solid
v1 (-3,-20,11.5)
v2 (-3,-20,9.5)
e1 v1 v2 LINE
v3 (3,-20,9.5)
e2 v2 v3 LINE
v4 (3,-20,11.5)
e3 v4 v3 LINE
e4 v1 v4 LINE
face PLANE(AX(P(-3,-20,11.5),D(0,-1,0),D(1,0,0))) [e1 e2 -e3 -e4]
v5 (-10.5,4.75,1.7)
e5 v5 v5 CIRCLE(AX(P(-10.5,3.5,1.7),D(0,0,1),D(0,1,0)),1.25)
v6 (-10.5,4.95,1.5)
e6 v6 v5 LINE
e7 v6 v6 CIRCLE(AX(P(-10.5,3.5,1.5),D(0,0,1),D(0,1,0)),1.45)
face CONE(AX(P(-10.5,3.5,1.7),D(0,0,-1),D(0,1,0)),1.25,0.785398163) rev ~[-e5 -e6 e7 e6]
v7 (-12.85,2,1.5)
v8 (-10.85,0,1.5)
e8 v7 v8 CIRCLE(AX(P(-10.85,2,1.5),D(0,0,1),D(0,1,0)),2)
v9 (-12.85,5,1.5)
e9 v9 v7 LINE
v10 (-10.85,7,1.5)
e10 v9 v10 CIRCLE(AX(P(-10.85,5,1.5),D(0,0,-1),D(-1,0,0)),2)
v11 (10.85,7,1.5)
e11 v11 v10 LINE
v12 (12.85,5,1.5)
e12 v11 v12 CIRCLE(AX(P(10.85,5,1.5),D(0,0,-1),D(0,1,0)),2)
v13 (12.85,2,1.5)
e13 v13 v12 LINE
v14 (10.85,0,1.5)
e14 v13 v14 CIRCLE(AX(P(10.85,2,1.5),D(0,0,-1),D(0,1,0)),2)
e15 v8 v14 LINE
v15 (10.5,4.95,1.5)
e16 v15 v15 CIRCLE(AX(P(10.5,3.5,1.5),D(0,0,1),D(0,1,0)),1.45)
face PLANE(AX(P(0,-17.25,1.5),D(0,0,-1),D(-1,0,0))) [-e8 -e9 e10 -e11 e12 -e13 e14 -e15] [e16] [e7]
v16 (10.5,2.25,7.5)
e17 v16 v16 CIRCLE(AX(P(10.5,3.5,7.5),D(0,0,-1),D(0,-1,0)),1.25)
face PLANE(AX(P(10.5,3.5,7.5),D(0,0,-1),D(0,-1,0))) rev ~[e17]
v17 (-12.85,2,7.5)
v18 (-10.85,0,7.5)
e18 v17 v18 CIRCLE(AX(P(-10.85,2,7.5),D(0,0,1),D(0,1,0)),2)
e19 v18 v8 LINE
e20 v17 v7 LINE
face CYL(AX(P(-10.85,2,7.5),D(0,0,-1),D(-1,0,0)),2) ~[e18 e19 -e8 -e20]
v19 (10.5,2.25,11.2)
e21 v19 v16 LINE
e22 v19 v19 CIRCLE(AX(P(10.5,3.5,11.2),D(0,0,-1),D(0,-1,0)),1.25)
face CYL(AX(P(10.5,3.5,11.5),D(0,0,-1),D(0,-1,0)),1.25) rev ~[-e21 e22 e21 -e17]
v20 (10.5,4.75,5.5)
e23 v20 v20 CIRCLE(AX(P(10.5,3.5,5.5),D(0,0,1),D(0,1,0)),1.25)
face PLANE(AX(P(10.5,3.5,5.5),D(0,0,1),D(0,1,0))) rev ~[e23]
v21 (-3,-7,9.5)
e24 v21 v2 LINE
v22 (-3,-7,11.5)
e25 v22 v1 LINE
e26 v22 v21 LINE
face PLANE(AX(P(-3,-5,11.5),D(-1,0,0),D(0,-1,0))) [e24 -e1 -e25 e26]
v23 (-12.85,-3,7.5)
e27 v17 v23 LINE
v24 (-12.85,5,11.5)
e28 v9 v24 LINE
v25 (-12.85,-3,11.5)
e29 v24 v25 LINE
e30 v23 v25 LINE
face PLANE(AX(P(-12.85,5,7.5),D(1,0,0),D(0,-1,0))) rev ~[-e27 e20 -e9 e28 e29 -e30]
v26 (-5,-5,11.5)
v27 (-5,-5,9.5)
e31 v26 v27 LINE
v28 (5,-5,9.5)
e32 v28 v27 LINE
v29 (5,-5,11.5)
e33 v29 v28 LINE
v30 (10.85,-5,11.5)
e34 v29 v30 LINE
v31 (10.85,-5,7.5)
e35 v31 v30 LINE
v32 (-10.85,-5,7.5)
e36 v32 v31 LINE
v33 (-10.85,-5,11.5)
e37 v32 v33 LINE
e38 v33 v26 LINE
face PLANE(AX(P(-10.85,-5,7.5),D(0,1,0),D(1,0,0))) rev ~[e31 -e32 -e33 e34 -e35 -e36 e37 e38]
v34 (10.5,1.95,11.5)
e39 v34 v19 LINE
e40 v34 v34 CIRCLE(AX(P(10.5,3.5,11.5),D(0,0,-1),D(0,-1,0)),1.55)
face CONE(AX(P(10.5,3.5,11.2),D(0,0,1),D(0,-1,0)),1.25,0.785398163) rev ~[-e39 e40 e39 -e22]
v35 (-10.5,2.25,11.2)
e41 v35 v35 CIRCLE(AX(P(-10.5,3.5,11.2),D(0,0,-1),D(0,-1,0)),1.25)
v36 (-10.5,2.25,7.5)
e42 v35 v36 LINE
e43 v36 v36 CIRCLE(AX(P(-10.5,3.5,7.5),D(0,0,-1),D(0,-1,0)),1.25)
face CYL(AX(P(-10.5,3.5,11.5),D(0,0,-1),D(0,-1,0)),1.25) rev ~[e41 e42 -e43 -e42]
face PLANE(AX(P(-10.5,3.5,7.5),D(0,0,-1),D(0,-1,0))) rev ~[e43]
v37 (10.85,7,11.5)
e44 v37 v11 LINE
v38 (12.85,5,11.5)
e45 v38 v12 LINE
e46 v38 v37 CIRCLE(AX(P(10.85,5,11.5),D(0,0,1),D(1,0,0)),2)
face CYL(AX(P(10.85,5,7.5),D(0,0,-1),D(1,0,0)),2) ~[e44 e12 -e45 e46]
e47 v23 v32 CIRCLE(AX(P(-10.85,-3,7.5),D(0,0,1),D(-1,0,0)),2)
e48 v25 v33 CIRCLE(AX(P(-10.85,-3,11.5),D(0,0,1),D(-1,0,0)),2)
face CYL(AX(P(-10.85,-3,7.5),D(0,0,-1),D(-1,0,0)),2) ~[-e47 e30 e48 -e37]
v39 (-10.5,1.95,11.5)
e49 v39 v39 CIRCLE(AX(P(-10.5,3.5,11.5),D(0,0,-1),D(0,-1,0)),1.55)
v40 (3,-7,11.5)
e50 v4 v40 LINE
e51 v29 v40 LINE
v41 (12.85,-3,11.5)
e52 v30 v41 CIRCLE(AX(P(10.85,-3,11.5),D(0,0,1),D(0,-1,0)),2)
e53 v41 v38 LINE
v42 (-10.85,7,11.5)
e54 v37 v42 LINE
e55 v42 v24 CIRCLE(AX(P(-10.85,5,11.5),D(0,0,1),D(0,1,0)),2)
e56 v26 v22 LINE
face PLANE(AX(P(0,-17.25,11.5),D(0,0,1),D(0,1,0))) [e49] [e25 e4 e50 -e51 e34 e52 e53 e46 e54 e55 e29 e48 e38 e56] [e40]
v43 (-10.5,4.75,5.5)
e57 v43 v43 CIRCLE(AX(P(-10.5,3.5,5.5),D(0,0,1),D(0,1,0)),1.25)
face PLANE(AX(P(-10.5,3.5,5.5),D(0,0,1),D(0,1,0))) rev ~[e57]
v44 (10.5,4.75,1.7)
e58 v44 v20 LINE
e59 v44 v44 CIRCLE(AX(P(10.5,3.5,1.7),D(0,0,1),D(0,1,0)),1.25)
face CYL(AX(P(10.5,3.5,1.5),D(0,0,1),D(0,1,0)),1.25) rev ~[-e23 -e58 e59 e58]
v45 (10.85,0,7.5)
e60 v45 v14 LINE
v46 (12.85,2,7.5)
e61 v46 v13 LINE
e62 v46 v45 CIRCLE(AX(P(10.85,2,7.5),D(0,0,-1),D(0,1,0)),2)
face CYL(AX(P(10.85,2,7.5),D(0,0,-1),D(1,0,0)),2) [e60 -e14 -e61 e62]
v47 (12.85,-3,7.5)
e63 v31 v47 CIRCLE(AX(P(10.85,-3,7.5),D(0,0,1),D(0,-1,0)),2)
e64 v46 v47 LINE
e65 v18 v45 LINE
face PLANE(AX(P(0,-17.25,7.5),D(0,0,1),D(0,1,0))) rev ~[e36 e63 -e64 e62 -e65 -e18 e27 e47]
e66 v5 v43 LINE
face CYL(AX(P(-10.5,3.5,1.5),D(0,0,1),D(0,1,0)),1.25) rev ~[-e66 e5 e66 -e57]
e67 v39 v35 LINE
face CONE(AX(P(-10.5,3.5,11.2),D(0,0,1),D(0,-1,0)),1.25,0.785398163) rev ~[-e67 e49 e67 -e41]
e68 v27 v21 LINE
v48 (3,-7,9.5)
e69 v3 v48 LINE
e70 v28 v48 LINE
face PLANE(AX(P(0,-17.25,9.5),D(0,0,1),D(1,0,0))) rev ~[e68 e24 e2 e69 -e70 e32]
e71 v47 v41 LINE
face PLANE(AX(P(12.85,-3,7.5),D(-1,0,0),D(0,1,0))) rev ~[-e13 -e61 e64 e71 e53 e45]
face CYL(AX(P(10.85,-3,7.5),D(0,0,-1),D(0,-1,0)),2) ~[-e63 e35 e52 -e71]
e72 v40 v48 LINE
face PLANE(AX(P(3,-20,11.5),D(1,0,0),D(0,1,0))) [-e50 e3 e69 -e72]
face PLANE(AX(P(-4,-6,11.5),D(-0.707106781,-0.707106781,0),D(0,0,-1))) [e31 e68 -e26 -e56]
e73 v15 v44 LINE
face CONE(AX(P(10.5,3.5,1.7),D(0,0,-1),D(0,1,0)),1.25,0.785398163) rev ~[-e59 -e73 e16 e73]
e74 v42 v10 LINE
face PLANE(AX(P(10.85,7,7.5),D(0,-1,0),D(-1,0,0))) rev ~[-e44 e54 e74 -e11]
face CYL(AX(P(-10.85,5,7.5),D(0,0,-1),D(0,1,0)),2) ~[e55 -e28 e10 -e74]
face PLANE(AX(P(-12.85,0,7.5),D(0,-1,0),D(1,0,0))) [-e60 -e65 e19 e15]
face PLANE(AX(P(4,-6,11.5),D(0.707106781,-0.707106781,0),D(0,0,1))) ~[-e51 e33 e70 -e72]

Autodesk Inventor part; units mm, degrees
ref_plane "YZ Plane" through (0, 0, 0) normal (1, 0, 0) x (0, 1, 0)
ref_plane "XZ Plane" through (0, 0, 0) normal (0, 1, 0) x (-1, 0, 0)
ref_plane "РабПлоскость1" through (0, -17.25, 7.5) normal (0, 0, 1) x (0, 1, 0)
sketch "Эскиз1" plane through (0, -17.25, 7.5) normal (0, 0, 1) x (0, 1, 0)
  line L0 (17.25, 0) -> (-17.1875, 0) construction
  line L1 (17.25, 10.35) -> (17.25, -10.35) construction
  line L2 (22.25, 12.85) -> (14.25, 12.85)
  line L3 (12.25, 10.85) -> (12.25, -10.85)
  line L4 (14.25, -12.85) -> (22.25, -12.85)
  line L5 (24.25, -10.85) -> (24.25, 10.85)
  line L6 (14.75, -12.85) -> (-9.95, -12.85) construction
  arc A0 (24.25, 10.85) -> (22.25, 12.85) centre (22.25, 10.85) ccw
  arc A1 (22.25, -12.85) -> (24.25, -10.85) centre (22.25, -10.85) ccw
  arc A2 (12.25, -10.85) -> (14.25, -12.85) centre (14.25, -10.85) ccw
  arc A3 (14.25, 12.85) -> (12.25, 10.85) centre (14.25, 10.85) ccw
  point P0 (12.25, -12.85)
  point P1 (12.25, 12.85)
  point P2 (24.25, -12.85)
  dimension "d1" = 5
  dimension "d2" = 12
  dimension "d3" = 2
  dimension "d6" = 2
extrude "Выдавливание1" add sketch "Эскиз1" along normal blind 4
sketch "Эскиз2" plane through (0, -17.25, 7.5) normal (0, 0, -1) x (-1, 0, 0)
  line L0 (10.35, 17.25) -> (-10.35, 17.25) construction
  line L1 (-10.85, 24.25) -> (10.85, 24.25) construction
  line L2 (-12.85, 14.25) -> (-12.85, 22.25) projected
  arc A0 (-12.85, 14.25) -> (-10.85, 12.25) centre (-10.85, 14.25) ccw projected
  line L3 (10.85, 12.25) -> (-10.85, 12.25) construction
  arc A1 (10.85, 12.25) -> (12.85, 14.25) centre (10.85, 14.25) ccw projected
  line L4 (12.85, 22.25) -> (12.85, 14.25) projected
  arc A2 (12.85, 22.25) -> (10.85, 24.25) centre (10.85, 22.25) ccw projected
  line L5 (-10.85, 24.25) -> (10.85, 24.25) projected
  arc A3 (-10.85, 24.25) -> (-12.85, 22.25) centre (-10.85, 22.25) ccw projected
  line L6 (12.85, 17.25) -> (-12.85, 17.25)
  point P0 (0, 17.25)
  point P1 (0, 17.25)
extrude "Выдавливание2" add sketch "Эскиз2" along normal blind 6
fillet "Сопряжение1" radius 2 2 edges at (-12.85, 0, 4.5) (12.85, 0, 4.5)
sketch "Эскиз3" plane through (0, -17.25, 1.5) normal (0, 0, -1) x (-1, 0, 0)
  arc A0 (-12.85, 19.25) -> (-10.85, 17.25) centre (-10.85, 19.25) ccw construction
  line L0 (-10.85, 17.25) -> (10.85, 17.25) construction
  arc A1 (10.85, 17.25) -> (12.85, 19.25) centre (10.85, 19.25) ccw construction
  line L1 (12.85, 19.25) -> (12.85, 22.25) construction
  arc A2 (12.85, 22.25) -> (10.85, 24.25) centre (10.85, 22.25) ccw construction
  line L2 (10.85, 24.25) -> (-10.85, 24.25) construction
  arc A3 (-10.85, 24.25) -> (-12.85, 22.25) centre (-10.85, 22.25) ccw construction
  line L3 (-12.85, 22.25) -> (-12.85, 19.25) construction
  line L4 (12.85, 20.75) -> (-12.85, 20.75) construction
  line L5 (0, 17.25) -> (0, 28) construction
  point P0 (10.5, 20.75)
  point P1 (-10.5, 20.75)
  dimension "d10" = 21
hole "Отверстие1" at (-10.5, 3.5, 1.5) at (10.5, 3.5, 1.5) direction (0, 0, 1) diameter 2.5 depth 4
chamfer "Фаска1" distance 0.2 angle 45 2 edges at (10.5, 2.25, 1.5) (-10.5, 2.25, 1.5)
sketch "Эскиз4" plane through (0, -17.25, 11.5) normal (0, 0, 1) x (1, 0, 0)
  line L0 (0, 17.25) -> (0, -22) construction
  line L1 (-10.85, 12.25) -> (10.85, 12.25) construction
  line L2 (-10.85, 12.25) -> (10.85, 12.25) projected
  line L3 (3, 12.25) -> (-3, 12.25)
  line L4 (-3, 12.25) -> (-3, -2.75)
  line L5 (-3, -2.75) -> (3, -2.75)
  line L6 (3, -2.75) -> (3, 12.25)
  dimension "d21" = 15
  dimension "d22" = 6
extrude "Выдавливание3" add sketch "Эскиз4" against normal blind 2
chamfer "Фаска2" distance 2 angle 45 2 edges at (-3, -5, 10.5) (3, -5, 10.5)
sketch "Эскиз5" plane through (0, -17.25, 11.5) normal (0, 0, 1) x (1, 0, 0)
  circle A0 centre (-10.5, 20.75) radius 1.45 projected
  circle A1 centre (10.5, 20.75) radius 1.45 projected
  circle A2 centre (-10.5, 20.75) radius 1.25 projected
  point P0 (0, 17.25)
hole "Отверстие2" at (10.5, 3.5, 11.5) at (-10.5, 3.5, 11.5) direction (0, 0, -1) diameter 2.5 depth 4
chamfer "Фаска3" distance 0.3 angle 45 2 edges at (10.5, 4.75, 11.5) (-10.5, 4.75, 11.5)
properties part number "Кронштейн МК"
